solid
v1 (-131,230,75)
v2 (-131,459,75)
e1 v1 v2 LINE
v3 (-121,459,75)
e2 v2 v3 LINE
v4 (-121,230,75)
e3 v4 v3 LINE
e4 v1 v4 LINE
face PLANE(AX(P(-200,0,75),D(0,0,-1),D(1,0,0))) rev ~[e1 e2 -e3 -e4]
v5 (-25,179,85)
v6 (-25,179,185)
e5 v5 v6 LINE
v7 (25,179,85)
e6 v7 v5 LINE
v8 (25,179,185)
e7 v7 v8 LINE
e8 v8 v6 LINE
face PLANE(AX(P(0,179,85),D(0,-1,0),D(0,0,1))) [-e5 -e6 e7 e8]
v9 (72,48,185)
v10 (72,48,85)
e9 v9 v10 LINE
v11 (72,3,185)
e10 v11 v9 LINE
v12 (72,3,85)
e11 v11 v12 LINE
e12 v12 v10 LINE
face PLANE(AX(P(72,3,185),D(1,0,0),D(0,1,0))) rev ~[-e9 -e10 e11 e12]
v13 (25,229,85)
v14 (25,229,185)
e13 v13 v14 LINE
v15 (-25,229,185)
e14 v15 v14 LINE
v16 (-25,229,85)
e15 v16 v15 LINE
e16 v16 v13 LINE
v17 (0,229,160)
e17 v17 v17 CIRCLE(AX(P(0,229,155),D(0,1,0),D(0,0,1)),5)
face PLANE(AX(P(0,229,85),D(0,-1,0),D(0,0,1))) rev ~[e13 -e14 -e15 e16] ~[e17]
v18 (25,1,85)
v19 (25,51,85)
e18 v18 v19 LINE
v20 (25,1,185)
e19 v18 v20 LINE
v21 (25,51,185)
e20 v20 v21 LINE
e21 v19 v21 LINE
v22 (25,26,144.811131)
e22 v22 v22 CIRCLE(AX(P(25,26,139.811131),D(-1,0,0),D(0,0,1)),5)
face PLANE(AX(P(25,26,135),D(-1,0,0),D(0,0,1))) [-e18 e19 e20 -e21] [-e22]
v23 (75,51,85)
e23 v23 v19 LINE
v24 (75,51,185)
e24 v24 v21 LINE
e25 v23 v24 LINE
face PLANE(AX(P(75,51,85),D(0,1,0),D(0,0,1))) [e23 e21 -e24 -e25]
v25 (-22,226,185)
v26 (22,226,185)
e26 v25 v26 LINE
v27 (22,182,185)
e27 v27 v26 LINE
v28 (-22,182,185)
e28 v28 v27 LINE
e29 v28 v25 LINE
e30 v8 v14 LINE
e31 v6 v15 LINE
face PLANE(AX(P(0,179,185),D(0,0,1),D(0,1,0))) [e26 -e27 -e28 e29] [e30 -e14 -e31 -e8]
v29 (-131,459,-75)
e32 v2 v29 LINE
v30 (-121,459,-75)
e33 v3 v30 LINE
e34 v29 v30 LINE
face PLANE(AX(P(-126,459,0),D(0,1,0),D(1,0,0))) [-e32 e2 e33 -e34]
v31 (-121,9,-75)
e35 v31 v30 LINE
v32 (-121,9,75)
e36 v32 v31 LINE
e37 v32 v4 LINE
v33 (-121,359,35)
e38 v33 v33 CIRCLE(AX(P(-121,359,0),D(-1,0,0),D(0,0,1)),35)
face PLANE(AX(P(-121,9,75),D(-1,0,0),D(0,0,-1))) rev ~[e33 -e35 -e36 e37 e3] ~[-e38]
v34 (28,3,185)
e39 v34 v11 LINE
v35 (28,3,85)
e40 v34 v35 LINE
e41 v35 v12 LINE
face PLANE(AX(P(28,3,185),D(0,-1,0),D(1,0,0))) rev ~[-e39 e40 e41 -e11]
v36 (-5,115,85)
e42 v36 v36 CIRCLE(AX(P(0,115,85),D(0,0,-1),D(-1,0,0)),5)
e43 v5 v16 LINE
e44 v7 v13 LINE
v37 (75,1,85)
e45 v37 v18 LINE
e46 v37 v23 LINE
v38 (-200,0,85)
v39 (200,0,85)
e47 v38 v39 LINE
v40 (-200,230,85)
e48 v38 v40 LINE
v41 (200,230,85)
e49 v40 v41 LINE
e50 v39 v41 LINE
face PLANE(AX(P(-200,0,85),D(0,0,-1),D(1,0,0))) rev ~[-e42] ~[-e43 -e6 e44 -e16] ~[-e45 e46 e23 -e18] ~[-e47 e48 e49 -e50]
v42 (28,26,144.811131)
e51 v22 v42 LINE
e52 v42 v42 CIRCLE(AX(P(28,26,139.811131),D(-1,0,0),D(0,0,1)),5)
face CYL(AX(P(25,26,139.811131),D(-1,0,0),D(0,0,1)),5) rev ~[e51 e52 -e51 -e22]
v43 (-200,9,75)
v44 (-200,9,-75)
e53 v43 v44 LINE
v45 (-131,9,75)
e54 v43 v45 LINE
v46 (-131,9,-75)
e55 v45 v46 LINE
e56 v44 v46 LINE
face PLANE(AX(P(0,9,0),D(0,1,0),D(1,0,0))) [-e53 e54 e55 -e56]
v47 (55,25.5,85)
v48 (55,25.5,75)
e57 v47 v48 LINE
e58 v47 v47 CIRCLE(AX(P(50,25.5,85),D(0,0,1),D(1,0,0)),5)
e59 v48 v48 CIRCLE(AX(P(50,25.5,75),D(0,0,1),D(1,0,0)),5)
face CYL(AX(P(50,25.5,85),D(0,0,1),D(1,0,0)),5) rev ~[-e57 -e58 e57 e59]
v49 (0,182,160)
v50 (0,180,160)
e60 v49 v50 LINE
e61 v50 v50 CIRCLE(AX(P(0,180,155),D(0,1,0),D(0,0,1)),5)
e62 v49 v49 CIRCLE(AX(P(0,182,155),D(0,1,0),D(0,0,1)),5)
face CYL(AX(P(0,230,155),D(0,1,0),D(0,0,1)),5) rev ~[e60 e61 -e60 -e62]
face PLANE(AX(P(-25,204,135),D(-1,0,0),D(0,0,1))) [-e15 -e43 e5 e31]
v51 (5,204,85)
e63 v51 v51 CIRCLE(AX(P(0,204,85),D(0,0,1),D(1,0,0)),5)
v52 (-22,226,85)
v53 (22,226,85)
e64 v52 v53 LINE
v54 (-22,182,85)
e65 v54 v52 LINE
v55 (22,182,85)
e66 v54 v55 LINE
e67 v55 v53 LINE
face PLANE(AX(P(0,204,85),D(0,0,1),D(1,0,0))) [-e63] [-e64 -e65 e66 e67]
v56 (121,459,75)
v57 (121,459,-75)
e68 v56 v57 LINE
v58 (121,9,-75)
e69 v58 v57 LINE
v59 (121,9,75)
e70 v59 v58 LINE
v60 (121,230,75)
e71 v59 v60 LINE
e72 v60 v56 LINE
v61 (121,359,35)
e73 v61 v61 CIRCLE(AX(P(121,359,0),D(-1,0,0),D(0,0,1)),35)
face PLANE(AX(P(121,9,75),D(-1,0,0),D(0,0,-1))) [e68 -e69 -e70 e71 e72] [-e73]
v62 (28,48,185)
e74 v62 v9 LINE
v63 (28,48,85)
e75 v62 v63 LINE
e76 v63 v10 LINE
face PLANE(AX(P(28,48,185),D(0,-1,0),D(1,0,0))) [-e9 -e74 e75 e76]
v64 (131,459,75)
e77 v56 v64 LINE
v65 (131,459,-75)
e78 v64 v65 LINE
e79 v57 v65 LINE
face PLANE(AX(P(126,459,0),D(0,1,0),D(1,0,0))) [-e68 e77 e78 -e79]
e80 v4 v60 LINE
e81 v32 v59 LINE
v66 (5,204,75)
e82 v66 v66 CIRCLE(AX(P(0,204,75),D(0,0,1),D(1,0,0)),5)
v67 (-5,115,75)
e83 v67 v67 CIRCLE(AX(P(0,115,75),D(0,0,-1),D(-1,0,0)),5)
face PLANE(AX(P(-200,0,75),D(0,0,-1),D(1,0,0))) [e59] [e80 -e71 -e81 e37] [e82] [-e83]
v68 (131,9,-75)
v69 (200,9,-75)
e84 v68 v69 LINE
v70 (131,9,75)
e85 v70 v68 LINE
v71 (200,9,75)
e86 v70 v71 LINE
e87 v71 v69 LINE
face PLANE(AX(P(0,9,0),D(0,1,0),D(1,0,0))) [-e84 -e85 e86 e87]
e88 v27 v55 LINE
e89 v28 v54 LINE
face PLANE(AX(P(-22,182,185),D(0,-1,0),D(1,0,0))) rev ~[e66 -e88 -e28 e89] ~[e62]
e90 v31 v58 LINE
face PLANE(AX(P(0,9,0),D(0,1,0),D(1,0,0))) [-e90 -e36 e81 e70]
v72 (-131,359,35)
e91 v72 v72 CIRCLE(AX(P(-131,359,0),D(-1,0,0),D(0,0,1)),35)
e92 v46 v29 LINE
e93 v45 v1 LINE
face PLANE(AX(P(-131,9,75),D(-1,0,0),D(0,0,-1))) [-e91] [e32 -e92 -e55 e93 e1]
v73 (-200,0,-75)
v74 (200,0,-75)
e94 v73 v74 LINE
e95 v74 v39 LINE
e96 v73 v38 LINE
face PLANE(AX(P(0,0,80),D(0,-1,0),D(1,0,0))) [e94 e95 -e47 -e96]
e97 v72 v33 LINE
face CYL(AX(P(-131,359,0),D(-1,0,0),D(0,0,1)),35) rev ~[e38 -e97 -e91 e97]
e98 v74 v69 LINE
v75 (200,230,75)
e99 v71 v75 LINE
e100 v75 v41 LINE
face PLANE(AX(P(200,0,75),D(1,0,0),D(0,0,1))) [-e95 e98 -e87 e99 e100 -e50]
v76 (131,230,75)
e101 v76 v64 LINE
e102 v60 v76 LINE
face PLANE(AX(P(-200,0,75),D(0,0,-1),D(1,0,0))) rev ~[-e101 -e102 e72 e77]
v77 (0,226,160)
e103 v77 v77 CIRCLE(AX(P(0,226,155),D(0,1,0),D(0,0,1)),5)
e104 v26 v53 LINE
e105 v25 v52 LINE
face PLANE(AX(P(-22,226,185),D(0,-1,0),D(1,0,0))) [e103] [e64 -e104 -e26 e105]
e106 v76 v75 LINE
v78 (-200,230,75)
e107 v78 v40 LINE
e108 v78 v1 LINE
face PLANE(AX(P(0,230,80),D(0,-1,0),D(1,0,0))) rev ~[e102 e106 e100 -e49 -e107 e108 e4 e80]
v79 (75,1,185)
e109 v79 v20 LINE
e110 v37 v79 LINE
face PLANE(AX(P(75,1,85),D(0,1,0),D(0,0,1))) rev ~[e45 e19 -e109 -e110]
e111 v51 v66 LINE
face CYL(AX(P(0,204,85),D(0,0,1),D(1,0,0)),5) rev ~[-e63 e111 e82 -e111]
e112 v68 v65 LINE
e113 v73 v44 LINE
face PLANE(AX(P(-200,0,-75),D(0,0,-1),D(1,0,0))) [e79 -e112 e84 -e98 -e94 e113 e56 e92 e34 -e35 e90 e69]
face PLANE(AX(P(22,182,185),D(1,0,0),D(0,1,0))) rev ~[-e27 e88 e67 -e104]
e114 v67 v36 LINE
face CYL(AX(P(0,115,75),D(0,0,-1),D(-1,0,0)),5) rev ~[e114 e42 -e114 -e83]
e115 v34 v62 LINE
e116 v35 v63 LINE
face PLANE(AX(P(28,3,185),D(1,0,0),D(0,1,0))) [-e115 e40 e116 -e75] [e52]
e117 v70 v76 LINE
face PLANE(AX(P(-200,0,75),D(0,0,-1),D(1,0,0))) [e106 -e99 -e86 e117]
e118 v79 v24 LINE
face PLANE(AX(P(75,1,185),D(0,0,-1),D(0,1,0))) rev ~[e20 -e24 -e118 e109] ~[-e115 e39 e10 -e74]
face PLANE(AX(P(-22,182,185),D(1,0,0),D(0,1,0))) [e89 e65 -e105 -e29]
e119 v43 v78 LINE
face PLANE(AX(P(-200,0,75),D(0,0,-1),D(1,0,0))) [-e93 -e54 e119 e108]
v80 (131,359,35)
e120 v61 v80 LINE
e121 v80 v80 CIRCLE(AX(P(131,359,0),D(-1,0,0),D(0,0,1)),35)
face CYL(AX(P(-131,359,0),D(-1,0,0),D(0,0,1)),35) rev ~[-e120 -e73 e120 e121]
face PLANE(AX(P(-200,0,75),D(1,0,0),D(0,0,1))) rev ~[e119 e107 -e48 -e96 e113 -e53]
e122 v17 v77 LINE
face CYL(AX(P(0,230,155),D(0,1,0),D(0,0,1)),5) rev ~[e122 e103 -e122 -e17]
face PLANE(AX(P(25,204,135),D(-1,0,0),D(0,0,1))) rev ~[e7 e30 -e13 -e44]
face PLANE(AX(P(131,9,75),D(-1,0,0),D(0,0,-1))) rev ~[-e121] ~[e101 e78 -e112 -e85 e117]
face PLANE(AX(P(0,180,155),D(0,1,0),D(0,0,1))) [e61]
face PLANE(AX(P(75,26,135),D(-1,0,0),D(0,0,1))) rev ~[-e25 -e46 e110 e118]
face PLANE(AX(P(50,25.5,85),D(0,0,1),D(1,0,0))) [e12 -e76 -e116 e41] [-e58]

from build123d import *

# Parameters (mm, degrees)
ESBO_O1_W                = 400
ESBO_O1_H                = 150
RESSALTO_EXTRUS_O1_DEPTH = 9
ESBO_O2_W                = 10
ESBO_O2_H                = 150
RESSALTO_EXTRUS_O2_DEPTH = 450
ESBO_O5_R                = 35
CORTE_EXTRUS_O1_DEPTH    = 300
ESBO_O6_W                = 400
ESBO_O6_H                = 10
RESSALTO_EXTRUS_O4_DEPTH = 230
ESBO_O8_W                = 100
ESBO_O8_H                = 50
RESSALTO_EXTRUS_O5_DEPTH = 25
ESBO_O9_R                = 5
CORTE_EXTRUS_O3_DEPTH    = 50
ESBO_O7_R                = 5
CORTE_EXTRUS_O2_DEPTH    = 150
ESBO_O11_W               = 100
ESBO_O11_H               = 50
RESSALTO_EXTRUS_O6_DEPTH = 50
ESBO_O12_R               = 5
CORTE_EXTRUS_O4_DEPTH    = 30
ESBO_O13_W               = 44
ESBO_O13_H               = 45
ESBO_O13_H_2             = 44
CORTE_EXTRUS_O5_DEPTH    = 100
ESBO_O14_R               = 5
CORTE_EXTRUS_O6_DEPTH    = 10


with BuildPart() as part:
    # Esboço1 → Ressalto-extrusão1 (new body)
    with BuildSketch(Plane(origin=(0, 0, 0), x_dir=(1, 0, 0), z_dir=(0, 1, 0))):
        Rectangle(ESBO_O1_W, ESBO_O1_H)
    extrude(amount=RESSALTO_EXTRUS_O1_DEPTH)

    # Esboço2 → Ressalto-extrusão2 (add)
    with BuildSketch(Plane(origin=(0, 9, 0), x_dir=(1, 0, 0), z_dir=(0, 1, 0))):
        with Locations((-126, 0)):
            Rectangle(ESBO_O2_W, ESBO_O2_H)
        with Locations((126, 0)):
            Rectangle(ESBO_O2_W, ESBO_O2_H)
    extrude(amount=RESSALTO_EXTRUS_O2_DEPTH)

    # Esboço5 → Corte-extrusão1 (cut)
    with BuildSketch(Plane.ZY.offset(131)):
        with Locations((0, 359)):
            Circle(ESBO_O5_R)
    extrude(amount=-CORTE_EXTRUS_O1_DEPTH, mode=Mode.SUBTRACT)

    # Esboço6 → Ressalto-extrusão4 (add)
    with BuildSketch(Plane.XZ):
        with Locations((0, 80)):
            Rectangle(ESBO_O6_W, ESBO_O6_H)
    extrude(amount=-RESSALTO_EXTRUS_O4_DEPTH)

    # Esboço8 → Ressalto-extrusão5 (add, symmetric)
    with BuildSketch(Plane.ZY):
        with Locations((135, 204)):
            Rectangle(ESBO_O8_W, ESBO_O8_H)
    extrude(amount=RESSALTO_EXTRUS_O5_DEPTH, both=True)

    # Esboço9 → Corte-extrusão3 (cut)
    with BuildSketch(Plane(origin=(0, 230, 0), x_dir=(-1, 0, 0), z_dir=(0, 1, 0))):
        with Locations(Location((0, 155, 0), (0, 0, 90))):
            Circle(ESBO_O9_R)
    extrude(amount=-CORTE_EXTRUS_O3_DEPTH, mode=Mode.SUBTRACT)

    # Esboço7 → Corte-extrusão2 (cut)
    with BuildSketch(Plane(origin=(0, 0, 75), x_dir=(-1, 0, 0), z_dir=(0, 0, -1))):
        with Locations((0, 115)):
            Circle(ESBO_O7_R)
    extrude(amount=-CORTE_EXTRUS_O2_DEPTH, mode=Mode.SUBTRACT)

    # Esboço11 → Ressalto-extrusão6 (add)
    with BuildSketch(Plane.ZY.offset(-75)):
        with Locations((135, 26)):
            Rectangle(ESBO_O11_W, ESBO_O11_H)
    extrude(amount=RESSALTO_EXTRUS_O6_DEPTH)

    # Esboço12 → Corte-extrusão4 (cut)
    with BuildSketch(Plane.ZY.offset(-25)):
        with Locations((139.811131484, 26)):
            Circle(ESBO_O12_R)
    extrude(amount=-CORTE_EXTRUS_O4_DEPTH, mode=Mode.SUBTRACT)

    # Esboço13 → Corte-extrusão5 (cut)
    with BuildSketch(Plane.XY.offset(185)):
        with Locations((50, 25.5)):
            Rectangle(ESBO_O13_W, ESBO_O13_H)
        with Locations((0, 204)):
            Rectangle(ESBO_O13_W, ESBO_O13_H_2)
    extrude(amount=-CORTE_EXTRUS_O5_DEPTH, mode=Mode.SUBTRACT)

    # Esboço14 → Corte-extrusão6 (cut)
    with BuildSketch(Plane.XY.offset(85)):
        with Locations((0, 204)):
            Circle(ESBO_O14_R)
        with Locations((50, 25.5)):
            Circle(ESBO_O14_R)
    extrude(amount=-CORTE_EXTRUS_O6_DEPTH, mode=Mode.SUBTRACT)


solid = part.part
